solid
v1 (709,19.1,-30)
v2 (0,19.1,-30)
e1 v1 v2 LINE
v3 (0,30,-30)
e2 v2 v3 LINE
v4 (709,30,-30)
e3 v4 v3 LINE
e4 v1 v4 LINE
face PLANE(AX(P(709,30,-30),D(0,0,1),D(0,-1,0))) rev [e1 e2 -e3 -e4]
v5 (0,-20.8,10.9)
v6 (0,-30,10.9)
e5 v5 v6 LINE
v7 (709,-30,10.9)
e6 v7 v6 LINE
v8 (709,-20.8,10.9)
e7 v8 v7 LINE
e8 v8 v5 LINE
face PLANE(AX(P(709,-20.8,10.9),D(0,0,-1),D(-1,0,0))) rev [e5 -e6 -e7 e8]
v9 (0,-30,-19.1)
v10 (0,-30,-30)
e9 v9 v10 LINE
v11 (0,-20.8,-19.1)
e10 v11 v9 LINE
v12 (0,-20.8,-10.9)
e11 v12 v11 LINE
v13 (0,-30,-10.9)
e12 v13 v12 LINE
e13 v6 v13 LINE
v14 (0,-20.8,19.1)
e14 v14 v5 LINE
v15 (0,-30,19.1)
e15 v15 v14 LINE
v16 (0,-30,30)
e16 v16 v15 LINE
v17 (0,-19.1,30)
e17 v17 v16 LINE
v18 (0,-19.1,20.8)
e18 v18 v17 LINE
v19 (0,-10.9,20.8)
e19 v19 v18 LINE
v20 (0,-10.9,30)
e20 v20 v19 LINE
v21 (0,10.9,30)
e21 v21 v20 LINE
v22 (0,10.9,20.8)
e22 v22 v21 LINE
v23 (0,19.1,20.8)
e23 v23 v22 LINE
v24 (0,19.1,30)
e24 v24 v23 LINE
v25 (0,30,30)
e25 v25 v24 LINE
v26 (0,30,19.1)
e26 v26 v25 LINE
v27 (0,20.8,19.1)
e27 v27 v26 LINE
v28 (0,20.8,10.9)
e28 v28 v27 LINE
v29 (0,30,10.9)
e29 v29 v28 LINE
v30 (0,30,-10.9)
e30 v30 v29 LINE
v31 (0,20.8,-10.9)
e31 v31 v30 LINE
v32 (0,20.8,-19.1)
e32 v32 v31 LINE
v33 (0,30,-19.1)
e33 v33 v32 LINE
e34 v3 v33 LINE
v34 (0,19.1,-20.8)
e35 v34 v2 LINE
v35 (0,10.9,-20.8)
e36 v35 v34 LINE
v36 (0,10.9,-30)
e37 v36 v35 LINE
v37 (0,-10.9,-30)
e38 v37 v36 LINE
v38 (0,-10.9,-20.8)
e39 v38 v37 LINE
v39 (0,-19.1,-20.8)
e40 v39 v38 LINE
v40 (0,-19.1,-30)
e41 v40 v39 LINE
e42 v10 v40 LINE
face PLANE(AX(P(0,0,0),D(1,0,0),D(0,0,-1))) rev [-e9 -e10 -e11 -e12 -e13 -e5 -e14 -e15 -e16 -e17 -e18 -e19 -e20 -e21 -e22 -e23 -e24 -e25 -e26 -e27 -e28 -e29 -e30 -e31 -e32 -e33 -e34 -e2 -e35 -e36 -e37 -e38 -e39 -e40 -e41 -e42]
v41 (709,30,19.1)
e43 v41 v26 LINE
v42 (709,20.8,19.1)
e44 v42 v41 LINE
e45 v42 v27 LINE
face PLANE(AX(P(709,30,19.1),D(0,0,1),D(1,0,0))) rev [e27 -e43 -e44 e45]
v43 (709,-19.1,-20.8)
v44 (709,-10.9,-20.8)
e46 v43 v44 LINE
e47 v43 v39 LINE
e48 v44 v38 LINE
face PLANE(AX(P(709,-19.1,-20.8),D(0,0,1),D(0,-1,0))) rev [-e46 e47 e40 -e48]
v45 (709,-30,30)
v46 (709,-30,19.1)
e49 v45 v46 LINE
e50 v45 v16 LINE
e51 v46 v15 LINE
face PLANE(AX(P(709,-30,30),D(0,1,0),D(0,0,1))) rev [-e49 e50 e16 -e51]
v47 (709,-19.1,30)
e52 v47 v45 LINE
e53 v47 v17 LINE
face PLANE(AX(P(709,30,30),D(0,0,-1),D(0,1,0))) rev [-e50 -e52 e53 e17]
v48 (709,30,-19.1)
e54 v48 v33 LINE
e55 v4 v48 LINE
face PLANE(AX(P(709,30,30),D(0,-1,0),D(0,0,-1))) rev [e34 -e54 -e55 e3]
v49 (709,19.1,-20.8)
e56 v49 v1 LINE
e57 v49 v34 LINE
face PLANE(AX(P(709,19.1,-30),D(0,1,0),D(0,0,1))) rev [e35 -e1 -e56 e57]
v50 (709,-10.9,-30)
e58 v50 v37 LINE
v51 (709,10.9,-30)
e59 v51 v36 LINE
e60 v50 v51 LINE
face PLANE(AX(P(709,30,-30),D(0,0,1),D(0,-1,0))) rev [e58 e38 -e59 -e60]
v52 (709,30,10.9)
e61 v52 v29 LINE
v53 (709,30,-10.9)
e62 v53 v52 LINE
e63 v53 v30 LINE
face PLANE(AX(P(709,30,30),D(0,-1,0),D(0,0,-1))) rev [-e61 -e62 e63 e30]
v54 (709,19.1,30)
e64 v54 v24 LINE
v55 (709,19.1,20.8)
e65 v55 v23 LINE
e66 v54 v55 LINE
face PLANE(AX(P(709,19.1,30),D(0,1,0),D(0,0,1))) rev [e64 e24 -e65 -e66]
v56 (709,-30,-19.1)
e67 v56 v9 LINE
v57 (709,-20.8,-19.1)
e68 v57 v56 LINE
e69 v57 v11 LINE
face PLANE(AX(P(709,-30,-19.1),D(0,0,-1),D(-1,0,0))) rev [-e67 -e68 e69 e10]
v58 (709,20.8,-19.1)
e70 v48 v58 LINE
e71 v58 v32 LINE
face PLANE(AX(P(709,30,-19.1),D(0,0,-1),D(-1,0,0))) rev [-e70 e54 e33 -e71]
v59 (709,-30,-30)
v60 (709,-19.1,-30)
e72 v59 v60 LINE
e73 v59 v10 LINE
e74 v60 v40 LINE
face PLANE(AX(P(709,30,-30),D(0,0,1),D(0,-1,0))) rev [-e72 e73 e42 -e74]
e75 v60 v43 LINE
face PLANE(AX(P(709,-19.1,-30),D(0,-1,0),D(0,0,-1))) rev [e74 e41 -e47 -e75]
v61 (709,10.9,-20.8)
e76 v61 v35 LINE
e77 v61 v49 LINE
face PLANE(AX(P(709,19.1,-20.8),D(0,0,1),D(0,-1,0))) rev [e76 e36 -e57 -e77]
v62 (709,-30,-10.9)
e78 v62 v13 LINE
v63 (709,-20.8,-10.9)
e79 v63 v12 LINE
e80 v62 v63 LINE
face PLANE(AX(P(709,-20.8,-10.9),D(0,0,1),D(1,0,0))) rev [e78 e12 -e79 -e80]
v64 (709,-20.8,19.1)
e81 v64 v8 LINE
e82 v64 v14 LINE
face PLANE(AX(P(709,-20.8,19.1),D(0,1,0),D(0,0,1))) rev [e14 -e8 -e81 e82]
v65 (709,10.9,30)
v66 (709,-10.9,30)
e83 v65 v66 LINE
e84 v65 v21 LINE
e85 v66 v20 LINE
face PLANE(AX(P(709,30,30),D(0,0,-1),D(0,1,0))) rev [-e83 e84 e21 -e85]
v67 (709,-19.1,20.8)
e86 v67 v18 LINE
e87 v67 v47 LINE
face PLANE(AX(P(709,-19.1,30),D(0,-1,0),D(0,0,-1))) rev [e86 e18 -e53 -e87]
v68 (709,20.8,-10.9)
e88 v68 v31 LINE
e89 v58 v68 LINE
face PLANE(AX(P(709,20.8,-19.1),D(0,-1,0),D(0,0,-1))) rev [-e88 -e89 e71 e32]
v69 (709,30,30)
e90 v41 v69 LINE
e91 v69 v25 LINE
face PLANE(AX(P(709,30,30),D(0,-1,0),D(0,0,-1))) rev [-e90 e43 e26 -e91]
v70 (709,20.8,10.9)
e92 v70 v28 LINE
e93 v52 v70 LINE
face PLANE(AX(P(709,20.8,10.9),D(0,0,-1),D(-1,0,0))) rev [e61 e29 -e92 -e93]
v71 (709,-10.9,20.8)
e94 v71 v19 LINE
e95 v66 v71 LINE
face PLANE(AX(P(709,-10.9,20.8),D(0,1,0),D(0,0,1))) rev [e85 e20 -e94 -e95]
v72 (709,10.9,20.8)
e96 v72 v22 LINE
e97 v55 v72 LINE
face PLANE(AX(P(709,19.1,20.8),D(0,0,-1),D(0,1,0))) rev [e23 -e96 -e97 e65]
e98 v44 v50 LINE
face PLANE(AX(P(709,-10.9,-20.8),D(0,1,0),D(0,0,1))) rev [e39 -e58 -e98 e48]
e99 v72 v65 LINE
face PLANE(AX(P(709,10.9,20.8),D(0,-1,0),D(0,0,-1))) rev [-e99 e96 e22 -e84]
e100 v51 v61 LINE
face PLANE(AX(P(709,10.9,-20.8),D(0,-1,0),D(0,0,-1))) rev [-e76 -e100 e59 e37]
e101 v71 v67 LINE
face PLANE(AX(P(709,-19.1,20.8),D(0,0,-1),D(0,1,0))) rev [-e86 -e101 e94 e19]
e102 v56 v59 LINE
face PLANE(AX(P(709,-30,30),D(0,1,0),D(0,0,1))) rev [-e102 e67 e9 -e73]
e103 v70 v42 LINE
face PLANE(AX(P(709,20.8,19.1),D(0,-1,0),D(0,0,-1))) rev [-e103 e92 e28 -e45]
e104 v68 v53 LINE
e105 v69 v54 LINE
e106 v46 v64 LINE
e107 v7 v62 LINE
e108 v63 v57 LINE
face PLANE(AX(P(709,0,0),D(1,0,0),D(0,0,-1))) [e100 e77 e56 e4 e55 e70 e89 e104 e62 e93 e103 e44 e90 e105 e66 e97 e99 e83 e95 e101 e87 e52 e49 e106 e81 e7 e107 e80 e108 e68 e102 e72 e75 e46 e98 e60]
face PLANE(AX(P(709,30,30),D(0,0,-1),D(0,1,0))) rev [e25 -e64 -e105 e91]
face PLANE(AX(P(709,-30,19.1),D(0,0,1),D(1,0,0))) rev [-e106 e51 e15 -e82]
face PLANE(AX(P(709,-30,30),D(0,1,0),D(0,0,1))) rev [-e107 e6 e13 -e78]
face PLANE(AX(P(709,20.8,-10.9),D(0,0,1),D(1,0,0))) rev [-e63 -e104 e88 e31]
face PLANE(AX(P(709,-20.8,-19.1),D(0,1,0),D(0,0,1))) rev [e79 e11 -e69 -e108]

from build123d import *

# Parameters (mm, degrees)
SKETCH_1_W          = 60
SKETCH_1_H          = 60
EXTRUDE_1_DEPTH     = 709
SKETCH_2_W          = 8.2
SKETCH_2_H          = 9.2
SKETCH_2_W_2        = 9.2
SKETCH_2_H_2        = 8.2
CUT_EXTRUDE_1_DEPTH = 710


with BuildPart() as part:
    # 草图1 → 凸台-拉伸1 (new body)
    with BuildSketch(Plane(origin=(0, 0, 0), x_dir=(0, 0, -1), z_dir=(1, 0, 0))):
        Rectangle(SKETCH_1_W, SKETCH_1_H)
    extrude(amount=EXTRUDE_1_DEPTH)

    # 草图2 → 切除-拉伸1 (cut, through all)
    with BuildSketch(Plane.ZY):
        with Locations((-15, 25.4)):
            Rectangle(SKETCH_2_W, SKETCH_2_H)
        with Locations((-15, -25.4)):
            Rectangle(SKETCH_2_W, SKETCH_2_H)
        with Locations((15, -25.4)):
            Rectangle(SKETCH_2_W, SKETCH_2_H)
        with Locations((15, 25.4)):
            Rectangle(SKETCH_2_W, SKETCH_2_H)
        with Locations((-25.4, 15)):
            Rectangle(SKETCH_2_W_2, SKETCH_2_H_2)
        with Locations((-25.4, -15)):
            Rectangle(SKETCH_2_W_2, SKETCH_2_H_2)
        with Locations((25.4, -15)):
            Rectangle(SKETCH_2_W_2, SKETCH_2_H_2)
        with Locations((25.4, 15)):
            Rectangle(SKETCH_2_W_2, SKETCH_2_H_2)
    extrude(amount=-CUT_EXTRUDE_1_DEPTH, mode=Mode.SUBTRACT)


solid = part.part
